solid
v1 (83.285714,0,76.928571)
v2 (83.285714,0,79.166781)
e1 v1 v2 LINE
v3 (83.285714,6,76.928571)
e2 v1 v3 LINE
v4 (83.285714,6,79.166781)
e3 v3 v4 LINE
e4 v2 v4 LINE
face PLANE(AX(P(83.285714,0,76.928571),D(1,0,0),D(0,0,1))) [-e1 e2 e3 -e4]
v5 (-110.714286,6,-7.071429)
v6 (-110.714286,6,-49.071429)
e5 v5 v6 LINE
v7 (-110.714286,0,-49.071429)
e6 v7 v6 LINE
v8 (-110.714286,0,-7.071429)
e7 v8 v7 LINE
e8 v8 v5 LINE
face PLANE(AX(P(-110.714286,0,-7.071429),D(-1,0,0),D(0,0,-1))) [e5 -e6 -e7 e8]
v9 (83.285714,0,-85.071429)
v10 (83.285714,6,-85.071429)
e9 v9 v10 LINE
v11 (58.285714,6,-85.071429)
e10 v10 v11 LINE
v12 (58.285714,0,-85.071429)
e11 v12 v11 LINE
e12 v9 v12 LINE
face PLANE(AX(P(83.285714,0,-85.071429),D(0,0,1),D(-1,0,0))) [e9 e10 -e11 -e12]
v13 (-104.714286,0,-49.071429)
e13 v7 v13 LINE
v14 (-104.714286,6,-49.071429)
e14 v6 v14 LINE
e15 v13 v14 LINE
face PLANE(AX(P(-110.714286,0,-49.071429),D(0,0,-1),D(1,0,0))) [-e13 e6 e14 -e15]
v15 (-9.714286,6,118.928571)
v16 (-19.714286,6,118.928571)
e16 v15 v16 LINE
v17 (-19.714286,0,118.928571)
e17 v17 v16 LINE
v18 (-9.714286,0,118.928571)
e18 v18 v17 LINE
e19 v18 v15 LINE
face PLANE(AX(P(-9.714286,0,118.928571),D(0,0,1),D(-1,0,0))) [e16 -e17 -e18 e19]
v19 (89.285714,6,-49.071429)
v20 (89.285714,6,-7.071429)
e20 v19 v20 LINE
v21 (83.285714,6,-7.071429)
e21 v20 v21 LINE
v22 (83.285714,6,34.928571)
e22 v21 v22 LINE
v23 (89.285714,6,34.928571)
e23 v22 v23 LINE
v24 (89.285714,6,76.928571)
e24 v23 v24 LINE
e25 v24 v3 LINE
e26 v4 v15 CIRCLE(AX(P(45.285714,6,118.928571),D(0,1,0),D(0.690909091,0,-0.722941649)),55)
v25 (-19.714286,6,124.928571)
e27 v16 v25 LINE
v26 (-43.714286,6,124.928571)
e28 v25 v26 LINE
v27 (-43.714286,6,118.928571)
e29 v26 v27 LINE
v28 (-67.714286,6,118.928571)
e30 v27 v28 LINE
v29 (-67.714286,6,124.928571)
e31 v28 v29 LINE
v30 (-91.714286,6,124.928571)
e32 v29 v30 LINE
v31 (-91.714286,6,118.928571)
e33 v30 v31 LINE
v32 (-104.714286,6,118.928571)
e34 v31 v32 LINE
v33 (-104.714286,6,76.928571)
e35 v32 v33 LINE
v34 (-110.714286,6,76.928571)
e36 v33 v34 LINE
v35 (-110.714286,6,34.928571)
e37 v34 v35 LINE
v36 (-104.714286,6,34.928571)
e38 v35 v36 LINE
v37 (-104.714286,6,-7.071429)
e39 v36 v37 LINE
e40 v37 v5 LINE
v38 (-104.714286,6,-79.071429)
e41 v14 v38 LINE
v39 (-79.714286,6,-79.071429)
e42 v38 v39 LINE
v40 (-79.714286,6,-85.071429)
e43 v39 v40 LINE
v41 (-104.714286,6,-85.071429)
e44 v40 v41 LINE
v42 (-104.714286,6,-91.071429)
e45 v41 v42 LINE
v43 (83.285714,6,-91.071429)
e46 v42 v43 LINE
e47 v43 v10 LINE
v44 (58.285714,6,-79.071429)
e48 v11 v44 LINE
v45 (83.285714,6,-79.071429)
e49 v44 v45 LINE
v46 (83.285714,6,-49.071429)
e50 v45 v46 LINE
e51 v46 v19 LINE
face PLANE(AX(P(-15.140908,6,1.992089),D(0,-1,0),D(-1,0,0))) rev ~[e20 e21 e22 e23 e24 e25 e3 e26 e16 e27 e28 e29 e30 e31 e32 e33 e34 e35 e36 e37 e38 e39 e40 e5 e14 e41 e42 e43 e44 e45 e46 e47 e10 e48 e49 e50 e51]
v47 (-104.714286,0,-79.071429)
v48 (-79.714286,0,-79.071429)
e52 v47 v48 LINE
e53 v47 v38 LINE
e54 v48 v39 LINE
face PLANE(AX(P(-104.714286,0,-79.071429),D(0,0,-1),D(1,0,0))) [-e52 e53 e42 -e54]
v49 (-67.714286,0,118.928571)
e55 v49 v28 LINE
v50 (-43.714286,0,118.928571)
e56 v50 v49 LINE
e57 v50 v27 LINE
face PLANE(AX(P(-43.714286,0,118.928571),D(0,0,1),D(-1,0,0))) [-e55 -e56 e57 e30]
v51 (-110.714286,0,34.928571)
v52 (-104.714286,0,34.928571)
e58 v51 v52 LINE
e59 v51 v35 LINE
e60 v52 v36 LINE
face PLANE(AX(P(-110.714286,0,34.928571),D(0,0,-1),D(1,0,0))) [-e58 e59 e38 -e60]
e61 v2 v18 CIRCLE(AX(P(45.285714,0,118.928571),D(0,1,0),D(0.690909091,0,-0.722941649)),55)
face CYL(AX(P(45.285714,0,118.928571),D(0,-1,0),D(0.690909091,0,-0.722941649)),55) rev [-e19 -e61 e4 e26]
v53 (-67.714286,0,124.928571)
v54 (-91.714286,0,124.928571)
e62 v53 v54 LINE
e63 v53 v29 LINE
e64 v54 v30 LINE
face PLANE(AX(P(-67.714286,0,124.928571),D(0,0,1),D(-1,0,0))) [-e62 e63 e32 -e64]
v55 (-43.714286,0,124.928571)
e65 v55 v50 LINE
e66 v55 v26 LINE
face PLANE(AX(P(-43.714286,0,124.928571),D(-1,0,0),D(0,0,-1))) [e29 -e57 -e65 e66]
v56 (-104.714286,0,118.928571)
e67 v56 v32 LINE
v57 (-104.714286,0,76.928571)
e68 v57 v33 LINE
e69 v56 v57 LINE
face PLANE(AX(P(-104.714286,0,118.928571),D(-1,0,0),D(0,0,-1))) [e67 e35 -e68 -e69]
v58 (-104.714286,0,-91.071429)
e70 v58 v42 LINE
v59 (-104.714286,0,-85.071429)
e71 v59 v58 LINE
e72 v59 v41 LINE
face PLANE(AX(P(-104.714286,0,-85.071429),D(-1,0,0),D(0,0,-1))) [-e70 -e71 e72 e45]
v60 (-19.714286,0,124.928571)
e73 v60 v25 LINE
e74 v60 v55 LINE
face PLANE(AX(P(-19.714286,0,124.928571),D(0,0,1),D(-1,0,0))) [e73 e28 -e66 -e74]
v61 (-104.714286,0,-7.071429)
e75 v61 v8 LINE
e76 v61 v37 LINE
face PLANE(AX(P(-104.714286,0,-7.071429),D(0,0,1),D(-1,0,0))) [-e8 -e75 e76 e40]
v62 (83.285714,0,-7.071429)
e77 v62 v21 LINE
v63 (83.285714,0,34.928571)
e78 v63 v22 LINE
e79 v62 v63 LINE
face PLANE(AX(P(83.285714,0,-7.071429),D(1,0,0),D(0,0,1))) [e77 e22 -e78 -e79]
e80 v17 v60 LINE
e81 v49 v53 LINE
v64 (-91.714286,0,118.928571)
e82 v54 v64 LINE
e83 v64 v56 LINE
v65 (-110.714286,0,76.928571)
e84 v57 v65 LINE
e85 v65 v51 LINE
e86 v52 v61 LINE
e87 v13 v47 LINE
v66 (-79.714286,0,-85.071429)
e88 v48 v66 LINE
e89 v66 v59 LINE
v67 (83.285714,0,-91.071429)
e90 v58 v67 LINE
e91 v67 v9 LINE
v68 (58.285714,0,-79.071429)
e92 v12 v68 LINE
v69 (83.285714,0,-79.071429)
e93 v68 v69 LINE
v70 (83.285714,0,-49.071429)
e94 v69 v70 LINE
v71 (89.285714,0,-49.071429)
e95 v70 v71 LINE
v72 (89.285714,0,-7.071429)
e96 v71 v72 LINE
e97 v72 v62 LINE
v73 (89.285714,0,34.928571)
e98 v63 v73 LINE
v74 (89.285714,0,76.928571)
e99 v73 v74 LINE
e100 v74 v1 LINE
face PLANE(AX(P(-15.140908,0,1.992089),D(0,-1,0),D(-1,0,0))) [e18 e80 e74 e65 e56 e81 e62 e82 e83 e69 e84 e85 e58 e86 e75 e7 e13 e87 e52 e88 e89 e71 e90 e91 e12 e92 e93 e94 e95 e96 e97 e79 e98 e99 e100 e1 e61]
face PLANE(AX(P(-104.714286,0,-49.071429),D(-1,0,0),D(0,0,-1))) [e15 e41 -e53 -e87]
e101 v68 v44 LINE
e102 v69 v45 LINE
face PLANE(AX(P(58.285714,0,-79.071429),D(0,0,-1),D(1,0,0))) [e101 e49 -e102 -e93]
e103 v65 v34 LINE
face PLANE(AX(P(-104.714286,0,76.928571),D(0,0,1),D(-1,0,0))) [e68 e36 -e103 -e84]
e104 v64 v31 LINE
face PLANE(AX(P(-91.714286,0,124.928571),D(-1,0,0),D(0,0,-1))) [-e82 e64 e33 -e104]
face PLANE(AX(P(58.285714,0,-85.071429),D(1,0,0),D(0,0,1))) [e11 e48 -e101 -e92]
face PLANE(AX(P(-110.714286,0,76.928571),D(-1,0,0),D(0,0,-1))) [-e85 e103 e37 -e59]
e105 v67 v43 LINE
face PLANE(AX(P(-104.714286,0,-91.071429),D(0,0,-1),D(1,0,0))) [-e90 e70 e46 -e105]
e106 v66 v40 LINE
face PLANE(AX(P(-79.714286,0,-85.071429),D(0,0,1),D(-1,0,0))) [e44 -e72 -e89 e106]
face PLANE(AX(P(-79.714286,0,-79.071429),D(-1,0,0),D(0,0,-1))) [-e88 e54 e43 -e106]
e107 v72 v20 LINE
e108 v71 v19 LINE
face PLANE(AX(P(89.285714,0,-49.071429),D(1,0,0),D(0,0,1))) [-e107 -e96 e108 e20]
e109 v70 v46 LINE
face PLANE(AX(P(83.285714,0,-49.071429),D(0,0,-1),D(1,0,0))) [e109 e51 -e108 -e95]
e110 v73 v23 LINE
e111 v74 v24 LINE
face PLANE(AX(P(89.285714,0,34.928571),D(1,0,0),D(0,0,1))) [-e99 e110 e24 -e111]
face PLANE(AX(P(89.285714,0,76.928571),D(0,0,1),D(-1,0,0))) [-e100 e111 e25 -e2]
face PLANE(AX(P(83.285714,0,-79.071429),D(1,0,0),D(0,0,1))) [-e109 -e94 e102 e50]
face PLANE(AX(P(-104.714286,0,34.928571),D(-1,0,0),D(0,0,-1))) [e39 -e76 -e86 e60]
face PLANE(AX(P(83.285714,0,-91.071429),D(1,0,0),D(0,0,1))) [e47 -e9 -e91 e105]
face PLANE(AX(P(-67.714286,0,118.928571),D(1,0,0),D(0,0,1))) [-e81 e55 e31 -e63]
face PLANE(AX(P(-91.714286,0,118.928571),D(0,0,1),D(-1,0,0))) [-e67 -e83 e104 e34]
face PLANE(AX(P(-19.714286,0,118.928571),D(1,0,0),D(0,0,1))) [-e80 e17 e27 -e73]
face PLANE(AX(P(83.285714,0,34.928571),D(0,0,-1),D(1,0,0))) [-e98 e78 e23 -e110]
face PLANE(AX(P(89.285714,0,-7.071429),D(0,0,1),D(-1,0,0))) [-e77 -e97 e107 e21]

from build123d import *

# Parameters (mm, degrees)
BOSS_EXTRUDE1_DEPTH = 6


with BuildPart() as part:
    # Sketch1 → Boss-Extrude1 (new body)
    with BuildSketch(Plane(origin=(0, 0, 0), x_dir=(1, 0, 0), z_dir=(0, 1, 0))):
        with BuildLine():
            Line((-43.714285714, -124.928571429), (-43.714285714, -118.928571429))
            Line((-43.714285714, -118.928571429), (-67.714285714, -118.928571429))
            Line((-67.714285714, -118.928571429), (-67.714285714, -124.928571429))
            Line((-67.714285714, -124.928571429), (-91.714285714, -124.928571429))
            Line((-91.714285714, -124.928571429), (-91.714285714, -118.928571429))
            Line((-91.714285714, -118.928571429), (-104.714285714, -118.928571429))
            Line((-104.714285714, -118.928571429), (-104.714285714, -76.928571429))
            Line((-104.714285714, -76.928571429), (-110.714285714, -76.928571429))
            Line((-110.714285714, -76.928571429), (-110.714285714, -34.928571429))
            Line((-110.714285714, -34.928571429), (-104.714285714, -34.928571429))
            Line((-104.714285714, -34.928571429), (-104.714285714, 7.071428571))
            Line((-104.714285714, 7.071428571), (-110.714285714, 7.071428571))
            Line((-110.714285714, 7.071428571), (-110.714285714, 49.071428571))
            Line((-110.714285714, 49.071428571), (-104.714285714, 49.071428571))
            Line((-104.714285714, 49.071428571), (-104.714285714, 79.071428571))
            Line((-104.714285714, 79.071428571), (-79.714285714, 79.071428571))
            Line((-79.714285714, 79.071428571), (-79.714285714, 85.071428571))
            Line((-79.714285714, 85.071428571), (-104.714285714, 85.071428571))
            Line((-104.714285714, 85.071428571), (-104.714285714, 91.071428571))
            Line((-104.714285714, 91.071428571), (83.285714286, 91.071428571))
            Line((83.285714286, 91.071428571), (83.285714286, 85.071428571))
            Line((83.285714286, 85.071428571), (58.285714286, 85.071428571))
            Line((58.285714286, 85.071428571), (58.285714286, 79.071428571))
            Line((58.285714286, 79.071428571), (83.285714286, 79.071428571))
            Line((83.285714286, 79.071428571), (83.285714286, 49.071428571))
            Line((83.285714286, 49.071428571), (89.285714286, 49.071428571))
            Line((89.285714286, 49.071428571), (89.285714286, 7.071428571))
            Line((89.285714286, 7.071428571), (83.285714286, 7.071428571))
            Line((83.285714286, 7.071428571), (83.285714286, -34.928571429))
            Line((83.285714286, -34.928571429), (89.285714286, -34.928571429))
            Line((89.285714286, -34.928571429), (89.285714286, -76.928571429))
            Line((89.285714286, -76.928571429), (83.285714286, -76.928571429))
            Line((83.285714286, -76.928571429), (83.285714286, -79.166780724))
            ThreePointArc((83.285714286, -79.166780724), (23.663965975, -68.356840195), (-9.714285714, -118.928571429))
            Line((-9.714285714, -118.928571429), (-19.714285714, -118.928571429))
            Line((-19.714285714, -118.928571429), (-19.714285714, -124.928571429))
            Line((-19.714285714, -124.928571429), (-43.714285714, -124.928571429))
        make_face()
    extrude(amount=BOSS_EXTRUDE1_DEPTH)


solid = part.part
